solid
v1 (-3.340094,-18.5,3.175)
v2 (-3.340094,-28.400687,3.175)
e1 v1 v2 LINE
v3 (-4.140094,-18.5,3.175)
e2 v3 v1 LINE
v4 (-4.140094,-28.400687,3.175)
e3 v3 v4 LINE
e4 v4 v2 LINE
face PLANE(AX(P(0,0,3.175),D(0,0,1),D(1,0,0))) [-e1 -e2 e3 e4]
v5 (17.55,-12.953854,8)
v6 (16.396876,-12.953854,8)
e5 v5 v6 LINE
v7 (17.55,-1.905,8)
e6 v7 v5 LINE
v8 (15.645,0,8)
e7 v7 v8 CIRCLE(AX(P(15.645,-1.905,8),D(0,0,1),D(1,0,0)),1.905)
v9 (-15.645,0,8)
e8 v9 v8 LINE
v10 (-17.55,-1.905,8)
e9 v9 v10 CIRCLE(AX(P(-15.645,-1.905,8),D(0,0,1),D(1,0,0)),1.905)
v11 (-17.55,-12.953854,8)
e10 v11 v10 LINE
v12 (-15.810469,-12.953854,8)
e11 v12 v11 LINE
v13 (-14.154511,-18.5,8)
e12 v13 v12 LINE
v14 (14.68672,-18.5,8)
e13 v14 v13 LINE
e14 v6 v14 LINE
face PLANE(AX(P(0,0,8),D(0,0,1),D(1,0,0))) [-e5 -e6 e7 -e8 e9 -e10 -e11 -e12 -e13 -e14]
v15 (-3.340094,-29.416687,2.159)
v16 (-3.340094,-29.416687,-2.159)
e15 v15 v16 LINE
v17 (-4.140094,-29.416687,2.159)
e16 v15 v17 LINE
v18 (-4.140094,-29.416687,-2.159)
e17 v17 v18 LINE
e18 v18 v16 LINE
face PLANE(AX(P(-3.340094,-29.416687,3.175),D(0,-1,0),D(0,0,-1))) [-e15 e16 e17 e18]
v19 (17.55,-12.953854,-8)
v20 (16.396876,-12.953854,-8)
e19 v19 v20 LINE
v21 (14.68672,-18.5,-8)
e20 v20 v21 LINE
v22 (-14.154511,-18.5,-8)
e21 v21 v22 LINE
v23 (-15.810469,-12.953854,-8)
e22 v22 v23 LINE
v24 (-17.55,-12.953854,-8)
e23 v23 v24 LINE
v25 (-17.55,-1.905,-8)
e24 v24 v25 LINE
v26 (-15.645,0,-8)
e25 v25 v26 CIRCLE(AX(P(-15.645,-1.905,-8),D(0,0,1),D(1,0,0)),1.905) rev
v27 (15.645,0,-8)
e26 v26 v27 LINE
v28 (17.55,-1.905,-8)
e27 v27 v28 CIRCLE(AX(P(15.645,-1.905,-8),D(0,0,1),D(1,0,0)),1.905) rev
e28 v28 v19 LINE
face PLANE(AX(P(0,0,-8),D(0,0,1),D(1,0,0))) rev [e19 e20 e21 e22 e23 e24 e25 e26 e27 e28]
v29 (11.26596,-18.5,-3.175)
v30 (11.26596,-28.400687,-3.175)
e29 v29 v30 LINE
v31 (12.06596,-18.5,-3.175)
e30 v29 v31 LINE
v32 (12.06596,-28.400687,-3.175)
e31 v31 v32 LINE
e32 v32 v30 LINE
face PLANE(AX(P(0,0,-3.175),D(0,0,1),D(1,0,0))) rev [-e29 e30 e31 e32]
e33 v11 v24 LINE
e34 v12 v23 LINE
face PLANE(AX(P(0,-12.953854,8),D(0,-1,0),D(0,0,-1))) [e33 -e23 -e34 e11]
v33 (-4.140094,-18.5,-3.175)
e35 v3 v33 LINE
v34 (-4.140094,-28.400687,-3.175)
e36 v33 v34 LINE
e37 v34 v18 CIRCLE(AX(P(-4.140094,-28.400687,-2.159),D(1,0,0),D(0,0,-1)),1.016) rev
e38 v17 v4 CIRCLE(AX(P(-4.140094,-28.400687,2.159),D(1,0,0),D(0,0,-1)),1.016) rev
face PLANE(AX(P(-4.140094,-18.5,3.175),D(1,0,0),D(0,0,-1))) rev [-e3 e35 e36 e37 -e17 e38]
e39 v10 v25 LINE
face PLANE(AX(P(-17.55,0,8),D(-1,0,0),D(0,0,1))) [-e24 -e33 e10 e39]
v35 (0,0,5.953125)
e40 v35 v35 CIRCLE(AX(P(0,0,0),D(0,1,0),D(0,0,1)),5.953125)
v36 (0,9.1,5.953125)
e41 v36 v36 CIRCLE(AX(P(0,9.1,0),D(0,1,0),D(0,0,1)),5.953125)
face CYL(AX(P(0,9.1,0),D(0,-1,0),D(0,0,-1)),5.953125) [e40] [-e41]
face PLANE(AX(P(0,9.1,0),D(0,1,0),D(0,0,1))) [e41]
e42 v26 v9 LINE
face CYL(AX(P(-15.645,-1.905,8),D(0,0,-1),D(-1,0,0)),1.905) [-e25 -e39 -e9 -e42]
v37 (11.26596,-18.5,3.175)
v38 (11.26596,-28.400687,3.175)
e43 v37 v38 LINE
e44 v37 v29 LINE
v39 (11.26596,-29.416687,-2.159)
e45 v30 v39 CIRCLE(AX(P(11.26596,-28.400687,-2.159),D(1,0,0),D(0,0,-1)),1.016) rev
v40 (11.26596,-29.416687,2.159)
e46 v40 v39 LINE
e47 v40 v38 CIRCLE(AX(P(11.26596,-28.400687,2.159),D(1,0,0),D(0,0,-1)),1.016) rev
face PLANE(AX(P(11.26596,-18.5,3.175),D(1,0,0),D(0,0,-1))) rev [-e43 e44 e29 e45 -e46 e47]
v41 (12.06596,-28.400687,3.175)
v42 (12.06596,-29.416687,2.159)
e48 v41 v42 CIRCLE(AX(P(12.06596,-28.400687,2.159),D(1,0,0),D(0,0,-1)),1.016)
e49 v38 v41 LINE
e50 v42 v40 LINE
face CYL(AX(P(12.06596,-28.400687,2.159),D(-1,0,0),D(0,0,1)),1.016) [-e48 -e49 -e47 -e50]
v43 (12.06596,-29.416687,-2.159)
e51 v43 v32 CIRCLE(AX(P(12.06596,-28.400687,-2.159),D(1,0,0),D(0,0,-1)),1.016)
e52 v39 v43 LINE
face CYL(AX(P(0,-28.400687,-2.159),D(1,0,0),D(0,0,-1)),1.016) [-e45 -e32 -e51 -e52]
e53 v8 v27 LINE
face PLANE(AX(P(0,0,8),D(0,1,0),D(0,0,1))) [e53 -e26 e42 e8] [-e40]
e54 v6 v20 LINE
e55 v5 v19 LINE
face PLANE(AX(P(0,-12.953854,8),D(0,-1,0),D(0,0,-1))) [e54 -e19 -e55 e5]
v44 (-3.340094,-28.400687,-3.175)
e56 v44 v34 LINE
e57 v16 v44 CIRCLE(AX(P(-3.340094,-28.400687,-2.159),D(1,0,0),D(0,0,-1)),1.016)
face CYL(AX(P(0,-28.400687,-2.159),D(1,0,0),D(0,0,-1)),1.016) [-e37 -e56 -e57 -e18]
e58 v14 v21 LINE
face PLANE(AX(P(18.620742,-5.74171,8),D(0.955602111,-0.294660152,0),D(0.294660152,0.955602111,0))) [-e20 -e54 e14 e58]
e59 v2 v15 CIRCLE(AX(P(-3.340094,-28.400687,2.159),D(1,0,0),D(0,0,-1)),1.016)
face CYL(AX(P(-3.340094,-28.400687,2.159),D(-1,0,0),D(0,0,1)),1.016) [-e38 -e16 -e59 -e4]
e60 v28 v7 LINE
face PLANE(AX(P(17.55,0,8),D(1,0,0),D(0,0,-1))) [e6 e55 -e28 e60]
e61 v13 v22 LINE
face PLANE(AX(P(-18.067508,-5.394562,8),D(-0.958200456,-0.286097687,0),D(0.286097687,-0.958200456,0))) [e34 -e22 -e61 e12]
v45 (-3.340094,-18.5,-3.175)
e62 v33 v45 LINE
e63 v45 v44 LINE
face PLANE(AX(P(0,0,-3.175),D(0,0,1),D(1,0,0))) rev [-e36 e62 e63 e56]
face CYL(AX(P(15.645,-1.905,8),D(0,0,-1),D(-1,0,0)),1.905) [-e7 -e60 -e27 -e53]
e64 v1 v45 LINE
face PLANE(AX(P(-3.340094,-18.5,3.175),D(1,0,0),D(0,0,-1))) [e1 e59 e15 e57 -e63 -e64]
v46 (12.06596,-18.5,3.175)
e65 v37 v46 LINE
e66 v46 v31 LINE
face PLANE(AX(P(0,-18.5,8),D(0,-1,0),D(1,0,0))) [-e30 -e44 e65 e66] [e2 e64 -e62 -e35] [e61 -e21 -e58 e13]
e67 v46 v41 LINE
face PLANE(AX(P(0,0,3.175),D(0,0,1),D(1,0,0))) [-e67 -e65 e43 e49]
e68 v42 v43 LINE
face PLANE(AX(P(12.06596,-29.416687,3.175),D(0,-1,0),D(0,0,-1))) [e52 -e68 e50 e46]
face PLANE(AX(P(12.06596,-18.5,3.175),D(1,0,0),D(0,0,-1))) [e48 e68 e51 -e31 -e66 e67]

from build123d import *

# Parameters (mm, degrees)
BOSS_EXTRUDE1_DEPTH = 8
FILLET1_R           = 1.905
SKETCH2_R           = 5.953125
BOSS_EXTRUDE2_DEPTH = 9.1
SKETCH1_4_W         = 0.8
SKETCH1_4_H         = 10.916687254
EXTRUDE_THIN1_DEPTH = 3.175
FILLET2_R           = 1.016


with BuildPart() as part:
    # Sketch1 → Boss-Extrude1 (new, symmetric)
    with BuildSketch(Plane.XY):
        Polygon((-17.55, 0), (-17.55, -12.953853844), (-15.810469007, -12.953853844), (-14.154511139, -18.5), (-3.740094375, -18.5), (11.66595999, -18.5), (14.686720063, -18.5), (16.396875628, -12.953853844), (17.55, -12.953853844), (17.55, 0), align=None)
    extrude(amount=BOSS_EXTRUDE1_DEPTH, both=True)

    # Fillet1
    fillet1_edges = [part.edges().sort_by_distance(p)[0] for p in [
        (-17.55, 0, 0),
        (17.55, 0, 0),
    ]]
    fillet(fillet1_edges, radius=FILLET1_R)

    # Sketch2 → Boss-Extrude2 (add)
    with BuildSketch(Plane(origin=(0, 0, 0), x_dir=(1, 0, 0), z_dir=(0, 1, 0))):
        Circle(SKETCH2_R)
    extrude(amount=BOSS_EXTRUDE2_DEPTH)

    # Sketch1_4 → Extrude-Thin1 (add, symmetric)
    with BuildSketch(Plane.XY):
        with Locations((-3.740094375, -23.958343627)):
            Rectangle(SKETCH1_4_W, SKETCH1_4_H)
        with Locations((11.66595999, -23.958343627)):
            Rectangle(SKETCH1_4_W, SKETCH1_4_H)
    extrude(amount=EXTRUDE_THIN1_DEPTH, both=True)

    # Fillet2
    fillet2_edges = [part.edges().sort_by_distance(p)[0] for p in [
        (-3.740094375, -29.416687254, -3.175),
        (11.66595999, -29.416687254, -3.175),
        (-3.740094375, -29.416687254, 3.175),
        (11.66595999, -29.416687254, 3.175),
    ]]
    fillet(fillet2_edges, radius=FILLET2_R)


solid = part.part
